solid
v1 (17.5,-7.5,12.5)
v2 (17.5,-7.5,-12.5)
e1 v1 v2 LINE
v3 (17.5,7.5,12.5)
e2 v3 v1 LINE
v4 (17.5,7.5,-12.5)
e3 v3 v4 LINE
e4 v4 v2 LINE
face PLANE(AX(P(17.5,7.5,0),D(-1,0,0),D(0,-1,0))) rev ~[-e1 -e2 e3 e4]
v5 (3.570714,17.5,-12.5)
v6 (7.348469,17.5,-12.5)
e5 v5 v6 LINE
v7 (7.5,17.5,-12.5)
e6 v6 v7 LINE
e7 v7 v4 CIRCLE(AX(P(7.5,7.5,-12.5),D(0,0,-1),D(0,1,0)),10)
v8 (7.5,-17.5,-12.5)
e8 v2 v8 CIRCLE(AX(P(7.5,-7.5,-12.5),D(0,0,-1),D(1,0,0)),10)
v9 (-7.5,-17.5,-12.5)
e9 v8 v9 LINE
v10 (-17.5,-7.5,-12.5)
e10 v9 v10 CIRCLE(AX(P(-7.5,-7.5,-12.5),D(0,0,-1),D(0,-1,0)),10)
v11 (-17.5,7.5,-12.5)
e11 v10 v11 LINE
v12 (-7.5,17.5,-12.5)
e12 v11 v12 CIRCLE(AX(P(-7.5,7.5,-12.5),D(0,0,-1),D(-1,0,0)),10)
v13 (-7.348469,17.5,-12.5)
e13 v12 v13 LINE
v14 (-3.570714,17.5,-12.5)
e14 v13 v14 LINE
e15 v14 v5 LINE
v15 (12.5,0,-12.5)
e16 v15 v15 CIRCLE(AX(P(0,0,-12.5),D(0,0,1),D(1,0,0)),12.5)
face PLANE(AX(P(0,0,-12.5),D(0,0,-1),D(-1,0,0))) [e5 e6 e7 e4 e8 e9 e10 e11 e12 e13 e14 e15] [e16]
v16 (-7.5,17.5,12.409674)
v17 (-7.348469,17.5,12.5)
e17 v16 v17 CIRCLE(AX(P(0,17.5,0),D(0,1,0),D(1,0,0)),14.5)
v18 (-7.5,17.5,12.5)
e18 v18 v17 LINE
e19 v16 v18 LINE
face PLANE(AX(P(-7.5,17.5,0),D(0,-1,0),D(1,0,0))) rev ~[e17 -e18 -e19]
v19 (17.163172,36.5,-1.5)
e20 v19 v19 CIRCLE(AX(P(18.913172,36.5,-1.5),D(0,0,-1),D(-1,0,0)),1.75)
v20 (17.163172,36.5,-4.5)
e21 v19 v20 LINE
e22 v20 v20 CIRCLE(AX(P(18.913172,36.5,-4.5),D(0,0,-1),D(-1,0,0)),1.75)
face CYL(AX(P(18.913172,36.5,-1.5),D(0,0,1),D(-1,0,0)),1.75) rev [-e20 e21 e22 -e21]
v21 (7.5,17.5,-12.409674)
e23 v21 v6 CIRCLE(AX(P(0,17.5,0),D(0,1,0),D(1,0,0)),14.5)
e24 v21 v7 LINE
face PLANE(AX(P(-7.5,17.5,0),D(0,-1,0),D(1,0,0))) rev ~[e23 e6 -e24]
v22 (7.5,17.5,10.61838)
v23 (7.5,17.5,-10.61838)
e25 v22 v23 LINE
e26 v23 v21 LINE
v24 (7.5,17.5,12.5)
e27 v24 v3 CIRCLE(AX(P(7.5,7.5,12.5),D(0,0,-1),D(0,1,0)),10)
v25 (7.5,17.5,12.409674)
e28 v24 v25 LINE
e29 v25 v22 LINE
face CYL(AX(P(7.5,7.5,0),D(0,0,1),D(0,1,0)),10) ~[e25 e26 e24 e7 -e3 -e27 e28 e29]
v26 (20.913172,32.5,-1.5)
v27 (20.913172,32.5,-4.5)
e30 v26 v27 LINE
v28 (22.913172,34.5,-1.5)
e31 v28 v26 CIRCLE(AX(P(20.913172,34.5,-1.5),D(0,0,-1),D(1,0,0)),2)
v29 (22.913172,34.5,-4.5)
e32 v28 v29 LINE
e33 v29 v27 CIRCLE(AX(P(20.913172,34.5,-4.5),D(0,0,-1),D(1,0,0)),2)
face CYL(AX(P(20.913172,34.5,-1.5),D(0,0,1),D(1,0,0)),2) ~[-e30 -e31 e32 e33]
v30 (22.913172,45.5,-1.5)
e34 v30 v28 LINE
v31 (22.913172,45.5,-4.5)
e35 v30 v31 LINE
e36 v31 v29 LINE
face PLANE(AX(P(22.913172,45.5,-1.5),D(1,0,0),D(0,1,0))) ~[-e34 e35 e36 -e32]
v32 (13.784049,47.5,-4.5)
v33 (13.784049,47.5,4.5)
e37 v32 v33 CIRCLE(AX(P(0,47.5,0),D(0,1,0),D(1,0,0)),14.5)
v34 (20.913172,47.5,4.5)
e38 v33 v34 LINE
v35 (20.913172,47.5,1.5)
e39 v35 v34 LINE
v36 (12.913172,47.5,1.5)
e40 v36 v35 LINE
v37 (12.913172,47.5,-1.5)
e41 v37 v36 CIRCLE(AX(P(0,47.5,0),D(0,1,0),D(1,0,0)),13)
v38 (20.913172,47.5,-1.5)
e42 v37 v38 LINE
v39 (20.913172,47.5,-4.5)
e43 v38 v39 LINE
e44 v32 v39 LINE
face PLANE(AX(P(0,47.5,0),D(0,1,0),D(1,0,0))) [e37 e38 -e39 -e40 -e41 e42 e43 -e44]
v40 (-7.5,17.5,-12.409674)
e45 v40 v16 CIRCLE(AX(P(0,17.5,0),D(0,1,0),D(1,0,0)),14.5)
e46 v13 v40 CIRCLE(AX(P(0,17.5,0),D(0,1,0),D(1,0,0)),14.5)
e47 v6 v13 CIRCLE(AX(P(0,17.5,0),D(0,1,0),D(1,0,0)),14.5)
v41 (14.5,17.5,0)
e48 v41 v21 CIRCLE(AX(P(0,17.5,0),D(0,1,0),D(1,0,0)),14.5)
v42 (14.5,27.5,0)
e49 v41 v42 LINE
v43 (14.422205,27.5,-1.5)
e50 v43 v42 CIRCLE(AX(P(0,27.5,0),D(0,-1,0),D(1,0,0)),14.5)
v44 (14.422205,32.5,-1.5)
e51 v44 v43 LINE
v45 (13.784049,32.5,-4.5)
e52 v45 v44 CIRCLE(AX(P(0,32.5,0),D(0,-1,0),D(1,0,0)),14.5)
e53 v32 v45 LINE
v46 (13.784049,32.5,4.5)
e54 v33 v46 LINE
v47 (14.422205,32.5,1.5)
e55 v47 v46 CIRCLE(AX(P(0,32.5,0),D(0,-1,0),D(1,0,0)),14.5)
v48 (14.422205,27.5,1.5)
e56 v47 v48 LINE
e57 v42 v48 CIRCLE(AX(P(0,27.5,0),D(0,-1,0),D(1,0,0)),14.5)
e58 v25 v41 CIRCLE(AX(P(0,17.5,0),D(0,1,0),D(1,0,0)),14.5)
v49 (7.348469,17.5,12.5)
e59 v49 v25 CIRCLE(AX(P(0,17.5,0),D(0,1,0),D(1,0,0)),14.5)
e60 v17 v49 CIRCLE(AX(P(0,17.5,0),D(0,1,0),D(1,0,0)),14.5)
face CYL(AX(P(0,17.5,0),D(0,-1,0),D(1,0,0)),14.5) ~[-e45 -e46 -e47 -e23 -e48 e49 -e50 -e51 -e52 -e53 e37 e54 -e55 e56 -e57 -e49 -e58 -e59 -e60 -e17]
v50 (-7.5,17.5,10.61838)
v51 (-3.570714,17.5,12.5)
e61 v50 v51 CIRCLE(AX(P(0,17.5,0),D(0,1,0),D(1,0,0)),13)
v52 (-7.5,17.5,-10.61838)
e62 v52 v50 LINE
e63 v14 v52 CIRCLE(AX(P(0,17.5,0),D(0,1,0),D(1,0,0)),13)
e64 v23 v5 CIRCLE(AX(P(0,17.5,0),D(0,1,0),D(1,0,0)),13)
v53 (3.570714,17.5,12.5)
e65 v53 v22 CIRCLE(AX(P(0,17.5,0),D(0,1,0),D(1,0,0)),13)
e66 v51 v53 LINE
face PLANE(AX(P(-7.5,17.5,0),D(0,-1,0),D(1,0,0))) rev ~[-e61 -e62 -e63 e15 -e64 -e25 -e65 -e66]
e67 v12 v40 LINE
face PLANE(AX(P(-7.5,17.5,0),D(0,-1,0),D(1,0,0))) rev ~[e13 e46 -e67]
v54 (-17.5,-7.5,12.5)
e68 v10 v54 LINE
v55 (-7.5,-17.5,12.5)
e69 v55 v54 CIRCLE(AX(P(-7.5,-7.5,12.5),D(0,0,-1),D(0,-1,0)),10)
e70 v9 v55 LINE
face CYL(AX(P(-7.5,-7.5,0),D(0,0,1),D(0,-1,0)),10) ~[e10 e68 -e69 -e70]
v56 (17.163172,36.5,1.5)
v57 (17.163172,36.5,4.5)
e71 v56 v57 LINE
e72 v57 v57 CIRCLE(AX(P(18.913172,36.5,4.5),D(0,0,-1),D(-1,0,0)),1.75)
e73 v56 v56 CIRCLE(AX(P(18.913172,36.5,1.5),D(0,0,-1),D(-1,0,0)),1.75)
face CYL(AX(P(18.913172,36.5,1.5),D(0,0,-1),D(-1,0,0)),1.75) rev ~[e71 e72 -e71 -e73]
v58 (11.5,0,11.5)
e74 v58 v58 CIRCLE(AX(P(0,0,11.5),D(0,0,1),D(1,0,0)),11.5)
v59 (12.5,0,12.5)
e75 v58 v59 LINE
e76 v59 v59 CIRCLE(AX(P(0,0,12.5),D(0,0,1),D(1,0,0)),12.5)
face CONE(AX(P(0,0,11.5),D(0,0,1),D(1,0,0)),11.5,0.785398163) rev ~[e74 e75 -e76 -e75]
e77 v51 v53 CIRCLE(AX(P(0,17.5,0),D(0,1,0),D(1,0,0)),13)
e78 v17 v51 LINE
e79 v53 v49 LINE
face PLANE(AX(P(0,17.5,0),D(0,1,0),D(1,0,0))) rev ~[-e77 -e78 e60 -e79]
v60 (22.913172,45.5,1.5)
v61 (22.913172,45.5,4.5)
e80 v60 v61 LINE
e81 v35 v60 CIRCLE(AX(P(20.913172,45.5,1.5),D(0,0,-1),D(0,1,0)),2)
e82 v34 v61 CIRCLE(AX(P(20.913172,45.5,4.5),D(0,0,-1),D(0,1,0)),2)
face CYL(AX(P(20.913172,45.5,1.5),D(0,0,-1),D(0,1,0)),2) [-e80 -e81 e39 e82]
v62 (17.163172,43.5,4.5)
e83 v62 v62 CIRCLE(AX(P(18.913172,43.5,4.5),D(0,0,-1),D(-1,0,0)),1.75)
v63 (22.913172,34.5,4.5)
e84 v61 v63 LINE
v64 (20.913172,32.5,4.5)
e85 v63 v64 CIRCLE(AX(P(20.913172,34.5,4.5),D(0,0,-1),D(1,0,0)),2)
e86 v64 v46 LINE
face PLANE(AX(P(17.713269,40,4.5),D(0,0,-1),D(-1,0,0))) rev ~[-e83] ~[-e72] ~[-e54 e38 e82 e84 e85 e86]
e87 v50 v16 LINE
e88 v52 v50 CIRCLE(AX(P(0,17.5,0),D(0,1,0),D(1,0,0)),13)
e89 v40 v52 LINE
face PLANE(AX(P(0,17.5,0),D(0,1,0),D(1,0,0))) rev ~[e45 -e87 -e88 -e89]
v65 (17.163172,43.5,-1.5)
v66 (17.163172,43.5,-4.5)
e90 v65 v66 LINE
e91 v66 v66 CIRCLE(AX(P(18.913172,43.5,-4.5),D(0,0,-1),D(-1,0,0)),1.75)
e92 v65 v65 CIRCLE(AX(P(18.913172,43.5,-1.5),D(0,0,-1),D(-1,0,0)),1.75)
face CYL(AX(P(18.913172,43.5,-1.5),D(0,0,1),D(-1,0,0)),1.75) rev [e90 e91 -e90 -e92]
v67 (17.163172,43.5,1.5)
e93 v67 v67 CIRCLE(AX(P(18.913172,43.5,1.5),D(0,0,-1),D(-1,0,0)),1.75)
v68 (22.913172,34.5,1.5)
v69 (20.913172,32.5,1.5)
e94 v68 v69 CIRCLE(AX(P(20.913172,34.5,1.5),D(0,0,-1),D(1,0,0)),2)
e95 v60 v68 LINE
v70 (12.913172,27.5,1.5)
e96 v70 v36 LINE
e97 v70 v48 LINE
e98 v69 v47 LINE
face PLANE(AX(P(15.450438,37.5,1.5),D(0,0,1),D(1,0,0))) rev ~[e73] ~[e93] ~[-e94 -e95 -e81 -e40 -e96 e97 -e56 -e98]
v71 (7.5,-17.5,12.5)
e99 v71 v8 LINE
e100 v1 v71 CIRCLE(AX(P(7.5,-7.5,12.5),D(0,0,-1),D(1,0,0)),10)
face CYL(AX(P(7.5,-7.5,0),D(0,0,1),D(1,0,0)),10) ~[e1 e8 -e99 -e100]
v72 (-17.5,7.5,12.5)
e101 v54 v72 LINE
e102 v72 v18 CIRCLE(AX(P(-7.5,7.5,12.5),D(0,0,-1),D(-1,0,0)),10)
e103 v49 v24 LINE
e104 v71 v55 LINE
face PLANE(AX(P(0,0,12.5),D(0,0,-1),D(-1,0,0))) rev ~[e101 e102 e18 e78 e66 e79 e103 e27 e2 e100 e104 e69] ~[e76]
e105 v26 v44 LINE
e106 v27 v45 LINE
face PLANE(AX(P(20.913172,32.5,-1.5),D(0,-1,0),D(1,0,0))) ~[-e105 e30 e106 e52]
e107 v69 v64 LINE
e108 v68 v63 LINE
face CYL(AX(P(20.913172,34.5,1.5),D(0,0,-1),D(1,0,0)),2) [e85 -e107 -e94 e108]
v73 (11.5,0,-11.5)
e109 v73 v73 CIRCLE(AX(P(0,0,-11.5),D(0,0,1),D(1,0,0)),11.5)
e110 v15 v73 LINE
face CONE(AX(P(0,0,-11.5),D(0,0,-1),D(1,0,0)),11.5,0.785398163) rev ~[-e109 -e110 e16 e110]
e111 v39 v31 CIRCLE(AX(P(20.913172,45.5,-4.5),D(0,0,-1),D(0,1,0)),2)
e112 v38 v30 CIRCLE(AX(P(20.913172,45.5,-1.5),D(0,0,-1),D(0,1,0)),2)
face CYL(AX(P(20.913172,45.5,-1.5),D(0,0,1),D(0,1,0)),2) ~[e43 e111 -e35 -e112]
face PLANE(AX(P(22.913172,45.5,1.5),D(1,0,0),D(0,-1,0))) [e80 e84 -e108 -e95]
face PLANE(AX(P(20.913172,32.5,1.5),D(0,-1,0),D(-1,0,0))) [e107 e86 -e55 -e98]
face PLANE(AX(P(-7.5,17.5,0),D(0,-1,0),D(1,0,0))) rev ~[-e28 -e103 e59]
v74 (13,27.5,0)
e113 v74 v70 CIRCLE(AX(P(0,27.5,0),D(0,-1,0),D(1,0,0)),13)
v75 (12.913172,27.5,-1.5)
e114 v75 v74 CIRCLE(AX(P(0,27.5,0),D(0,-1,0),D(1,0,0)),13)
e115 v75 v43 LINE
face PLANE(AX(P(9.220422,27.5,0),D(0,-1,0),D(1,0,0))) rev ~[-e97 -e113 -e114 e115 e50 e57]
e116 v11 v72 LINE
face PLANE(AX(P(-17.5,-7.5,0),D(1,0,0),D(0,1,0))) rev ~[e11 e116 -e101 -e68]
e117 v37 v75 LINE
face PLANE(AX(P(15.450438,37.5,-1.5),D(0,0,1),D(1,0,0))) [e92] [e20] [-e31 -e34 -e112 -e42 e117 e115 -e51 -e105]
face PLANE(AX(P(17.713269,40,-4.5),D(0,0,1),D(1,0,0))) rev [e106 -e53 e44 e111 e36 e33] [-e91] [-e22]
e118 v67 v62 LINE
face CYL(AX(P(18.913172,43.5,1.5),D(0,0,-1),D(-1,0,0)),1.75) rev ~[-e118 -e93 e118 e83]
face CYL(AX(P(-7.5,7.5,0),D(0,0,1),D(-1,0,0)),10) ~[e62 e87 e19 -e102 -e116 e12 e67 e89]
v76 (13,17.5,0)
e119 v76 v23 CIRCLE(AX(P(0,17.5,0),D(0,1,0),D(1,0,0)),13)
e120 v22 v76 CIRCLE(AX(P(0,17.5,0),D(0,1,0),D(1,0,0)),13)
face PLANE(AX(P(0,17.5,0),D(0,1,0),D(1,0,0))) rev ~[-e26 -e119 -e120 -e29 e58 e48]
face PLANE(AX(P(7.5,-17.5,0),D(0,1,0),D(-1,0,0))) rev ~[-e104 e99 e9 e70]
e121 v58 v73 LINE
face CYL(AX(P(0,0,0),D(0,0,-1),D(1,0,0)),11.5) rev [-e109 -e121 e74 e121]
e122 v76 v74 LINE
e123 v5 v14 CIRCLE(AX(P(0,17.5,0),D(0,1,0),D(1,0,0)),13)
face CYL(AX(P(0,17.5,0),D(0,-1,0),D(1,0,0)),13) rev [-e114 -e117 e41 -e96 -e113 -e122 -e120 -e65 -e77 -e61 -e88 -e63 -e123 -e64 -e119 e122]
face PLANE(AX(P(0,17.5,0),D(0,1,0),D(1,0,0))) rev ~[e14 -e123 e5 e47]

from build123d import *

# Parameters (mm, degrees)
SKETCH2_R           = 11.5
BOSS_EXTRUDE1_DEPTH = 12.5
SKETCH4_R           = 14.5
SKETCH4_R_2         = 13
EXTRUDE_THIN1_DEPTH = 30
SKETCH5_W           = 12.460030261
SKETCH5_H           = 20
CUT_EXTRUDE1_DEPTH  = 1.5
SKETCH8_R           = 1.75
BOSS_EXTRUDE2_DEPTH = 3
CHAMFER1_SIZE       = 1


with BuildPart() as part:
    # Sketch2 → Boss-Extrude1 (new, symmetric)
    with BuildSketch(Plane.XY):
        with BuildLine():
            Line((-7.5, 17.5), (7.5, 17.5))
            ThreePointArc((7.5, 17.5), (14.571067812, 14.571067812), (17.5, 7.5))
            Line((17.5, 7.5), (17.5, -7.5))
            ThreePointArc((17.5, -7.5), (14.571067812, -14.571067812), (7.5, -17.5))
            Line((7.5, -17.5), (-7.5, -17.5))
            ThreePointArc((-7.5, -17.5), (-14.571067812, -14.571067812), (-17.5, -7.5))
            Line((-17.5, -7.5), (-17.5, 7.5))
            ThreePointArc((-17.5, 7.5), (-14.571067812, 14.571067812), (-7.5, 17.5))
        make_face()
        Circle(SKETCH2_R, mode=Mode.SUBTRACT)
    extrude(amount=BOSS_EXTRUDE1_DEPTH, both=True)

    # Sketch4 → Extrude-Thin1 (add)
    with BuildSketch(Plane(origin=(0, 17.5, 0), x_dir=(1, 0, 0), z_dir=(0, 1, 0))):
        Circle(SKETCH4_R)
        Circle(SKETCH4_R_2, mode=Mode.SUBTRACT)
    extrude(amount=EXTRUDE_THIN1_DEPTH)

    # Sketch5 → Cut-Extrude1 (cut, symmetric)
    with BuildSketch(Plane.XY):
        with Locations((15.450437523, 37.5)):
            Rectangle(SKETCH5_W, SKETCH5_H)
    extrude(amount=CUT_EXTRUDE1_DEPTH, both=True, mode=Mode.SUBTRACT)

    # Sketch8 → Boss-Extrude2 (add)
    with BuildSketch(Plane(origin=(0, 0, 1.5), x_dir=(-1, 0, 0), z_dir=(0, 0, -1))):
        with BuildLine():
            Line((-12.91317157, 47.5), (-20.91317157, 47.5))
            ThreePointArc((-20.91317157, 47.5), (-22.327385133, 46.914213562), (-22.91317157, 45.5))
            Line((-22.91317157, 45.5), (-22.91317157, 34.5))
            ThreePointArc((-22.91317157, 34.5), (-22.327385133, 33.085786438), (-20.91317157, 32.5))
            Line((-20.91317157, 32.5), (-12.91317157, 32.5))
            Line((-12.91317157, 32.5), (-12.91317157, 47.5))
        make_face()
        with Locations((-18.91317157, 43.5)):
            Circle(SKETCH8_R, mode=Mode.SUBTRACT)
        with Locations((-18.91317157, 36.5)):
            Circle(SKETCH8_R, mode=Mode.SUBTRACT)
    boss_extrude2 = extrude(amount=-BOSS_EXTRUDE2_DEPTH)

    # Mirror1: Boss-Extrude2 across plane
    add(boss_extrude2.mirror(Plane.XY))

    # Chamfer1
    chamfer1_edges = [part.edges().sort_by_distance(p)[0] for p in [
        (-11.5, 0, -12.5),
        (-11.5, 0, 12.5),
    ]]
    chamfer(chamfer1_edges, length=CHAMFER1_SIZE)


solid = part.part
